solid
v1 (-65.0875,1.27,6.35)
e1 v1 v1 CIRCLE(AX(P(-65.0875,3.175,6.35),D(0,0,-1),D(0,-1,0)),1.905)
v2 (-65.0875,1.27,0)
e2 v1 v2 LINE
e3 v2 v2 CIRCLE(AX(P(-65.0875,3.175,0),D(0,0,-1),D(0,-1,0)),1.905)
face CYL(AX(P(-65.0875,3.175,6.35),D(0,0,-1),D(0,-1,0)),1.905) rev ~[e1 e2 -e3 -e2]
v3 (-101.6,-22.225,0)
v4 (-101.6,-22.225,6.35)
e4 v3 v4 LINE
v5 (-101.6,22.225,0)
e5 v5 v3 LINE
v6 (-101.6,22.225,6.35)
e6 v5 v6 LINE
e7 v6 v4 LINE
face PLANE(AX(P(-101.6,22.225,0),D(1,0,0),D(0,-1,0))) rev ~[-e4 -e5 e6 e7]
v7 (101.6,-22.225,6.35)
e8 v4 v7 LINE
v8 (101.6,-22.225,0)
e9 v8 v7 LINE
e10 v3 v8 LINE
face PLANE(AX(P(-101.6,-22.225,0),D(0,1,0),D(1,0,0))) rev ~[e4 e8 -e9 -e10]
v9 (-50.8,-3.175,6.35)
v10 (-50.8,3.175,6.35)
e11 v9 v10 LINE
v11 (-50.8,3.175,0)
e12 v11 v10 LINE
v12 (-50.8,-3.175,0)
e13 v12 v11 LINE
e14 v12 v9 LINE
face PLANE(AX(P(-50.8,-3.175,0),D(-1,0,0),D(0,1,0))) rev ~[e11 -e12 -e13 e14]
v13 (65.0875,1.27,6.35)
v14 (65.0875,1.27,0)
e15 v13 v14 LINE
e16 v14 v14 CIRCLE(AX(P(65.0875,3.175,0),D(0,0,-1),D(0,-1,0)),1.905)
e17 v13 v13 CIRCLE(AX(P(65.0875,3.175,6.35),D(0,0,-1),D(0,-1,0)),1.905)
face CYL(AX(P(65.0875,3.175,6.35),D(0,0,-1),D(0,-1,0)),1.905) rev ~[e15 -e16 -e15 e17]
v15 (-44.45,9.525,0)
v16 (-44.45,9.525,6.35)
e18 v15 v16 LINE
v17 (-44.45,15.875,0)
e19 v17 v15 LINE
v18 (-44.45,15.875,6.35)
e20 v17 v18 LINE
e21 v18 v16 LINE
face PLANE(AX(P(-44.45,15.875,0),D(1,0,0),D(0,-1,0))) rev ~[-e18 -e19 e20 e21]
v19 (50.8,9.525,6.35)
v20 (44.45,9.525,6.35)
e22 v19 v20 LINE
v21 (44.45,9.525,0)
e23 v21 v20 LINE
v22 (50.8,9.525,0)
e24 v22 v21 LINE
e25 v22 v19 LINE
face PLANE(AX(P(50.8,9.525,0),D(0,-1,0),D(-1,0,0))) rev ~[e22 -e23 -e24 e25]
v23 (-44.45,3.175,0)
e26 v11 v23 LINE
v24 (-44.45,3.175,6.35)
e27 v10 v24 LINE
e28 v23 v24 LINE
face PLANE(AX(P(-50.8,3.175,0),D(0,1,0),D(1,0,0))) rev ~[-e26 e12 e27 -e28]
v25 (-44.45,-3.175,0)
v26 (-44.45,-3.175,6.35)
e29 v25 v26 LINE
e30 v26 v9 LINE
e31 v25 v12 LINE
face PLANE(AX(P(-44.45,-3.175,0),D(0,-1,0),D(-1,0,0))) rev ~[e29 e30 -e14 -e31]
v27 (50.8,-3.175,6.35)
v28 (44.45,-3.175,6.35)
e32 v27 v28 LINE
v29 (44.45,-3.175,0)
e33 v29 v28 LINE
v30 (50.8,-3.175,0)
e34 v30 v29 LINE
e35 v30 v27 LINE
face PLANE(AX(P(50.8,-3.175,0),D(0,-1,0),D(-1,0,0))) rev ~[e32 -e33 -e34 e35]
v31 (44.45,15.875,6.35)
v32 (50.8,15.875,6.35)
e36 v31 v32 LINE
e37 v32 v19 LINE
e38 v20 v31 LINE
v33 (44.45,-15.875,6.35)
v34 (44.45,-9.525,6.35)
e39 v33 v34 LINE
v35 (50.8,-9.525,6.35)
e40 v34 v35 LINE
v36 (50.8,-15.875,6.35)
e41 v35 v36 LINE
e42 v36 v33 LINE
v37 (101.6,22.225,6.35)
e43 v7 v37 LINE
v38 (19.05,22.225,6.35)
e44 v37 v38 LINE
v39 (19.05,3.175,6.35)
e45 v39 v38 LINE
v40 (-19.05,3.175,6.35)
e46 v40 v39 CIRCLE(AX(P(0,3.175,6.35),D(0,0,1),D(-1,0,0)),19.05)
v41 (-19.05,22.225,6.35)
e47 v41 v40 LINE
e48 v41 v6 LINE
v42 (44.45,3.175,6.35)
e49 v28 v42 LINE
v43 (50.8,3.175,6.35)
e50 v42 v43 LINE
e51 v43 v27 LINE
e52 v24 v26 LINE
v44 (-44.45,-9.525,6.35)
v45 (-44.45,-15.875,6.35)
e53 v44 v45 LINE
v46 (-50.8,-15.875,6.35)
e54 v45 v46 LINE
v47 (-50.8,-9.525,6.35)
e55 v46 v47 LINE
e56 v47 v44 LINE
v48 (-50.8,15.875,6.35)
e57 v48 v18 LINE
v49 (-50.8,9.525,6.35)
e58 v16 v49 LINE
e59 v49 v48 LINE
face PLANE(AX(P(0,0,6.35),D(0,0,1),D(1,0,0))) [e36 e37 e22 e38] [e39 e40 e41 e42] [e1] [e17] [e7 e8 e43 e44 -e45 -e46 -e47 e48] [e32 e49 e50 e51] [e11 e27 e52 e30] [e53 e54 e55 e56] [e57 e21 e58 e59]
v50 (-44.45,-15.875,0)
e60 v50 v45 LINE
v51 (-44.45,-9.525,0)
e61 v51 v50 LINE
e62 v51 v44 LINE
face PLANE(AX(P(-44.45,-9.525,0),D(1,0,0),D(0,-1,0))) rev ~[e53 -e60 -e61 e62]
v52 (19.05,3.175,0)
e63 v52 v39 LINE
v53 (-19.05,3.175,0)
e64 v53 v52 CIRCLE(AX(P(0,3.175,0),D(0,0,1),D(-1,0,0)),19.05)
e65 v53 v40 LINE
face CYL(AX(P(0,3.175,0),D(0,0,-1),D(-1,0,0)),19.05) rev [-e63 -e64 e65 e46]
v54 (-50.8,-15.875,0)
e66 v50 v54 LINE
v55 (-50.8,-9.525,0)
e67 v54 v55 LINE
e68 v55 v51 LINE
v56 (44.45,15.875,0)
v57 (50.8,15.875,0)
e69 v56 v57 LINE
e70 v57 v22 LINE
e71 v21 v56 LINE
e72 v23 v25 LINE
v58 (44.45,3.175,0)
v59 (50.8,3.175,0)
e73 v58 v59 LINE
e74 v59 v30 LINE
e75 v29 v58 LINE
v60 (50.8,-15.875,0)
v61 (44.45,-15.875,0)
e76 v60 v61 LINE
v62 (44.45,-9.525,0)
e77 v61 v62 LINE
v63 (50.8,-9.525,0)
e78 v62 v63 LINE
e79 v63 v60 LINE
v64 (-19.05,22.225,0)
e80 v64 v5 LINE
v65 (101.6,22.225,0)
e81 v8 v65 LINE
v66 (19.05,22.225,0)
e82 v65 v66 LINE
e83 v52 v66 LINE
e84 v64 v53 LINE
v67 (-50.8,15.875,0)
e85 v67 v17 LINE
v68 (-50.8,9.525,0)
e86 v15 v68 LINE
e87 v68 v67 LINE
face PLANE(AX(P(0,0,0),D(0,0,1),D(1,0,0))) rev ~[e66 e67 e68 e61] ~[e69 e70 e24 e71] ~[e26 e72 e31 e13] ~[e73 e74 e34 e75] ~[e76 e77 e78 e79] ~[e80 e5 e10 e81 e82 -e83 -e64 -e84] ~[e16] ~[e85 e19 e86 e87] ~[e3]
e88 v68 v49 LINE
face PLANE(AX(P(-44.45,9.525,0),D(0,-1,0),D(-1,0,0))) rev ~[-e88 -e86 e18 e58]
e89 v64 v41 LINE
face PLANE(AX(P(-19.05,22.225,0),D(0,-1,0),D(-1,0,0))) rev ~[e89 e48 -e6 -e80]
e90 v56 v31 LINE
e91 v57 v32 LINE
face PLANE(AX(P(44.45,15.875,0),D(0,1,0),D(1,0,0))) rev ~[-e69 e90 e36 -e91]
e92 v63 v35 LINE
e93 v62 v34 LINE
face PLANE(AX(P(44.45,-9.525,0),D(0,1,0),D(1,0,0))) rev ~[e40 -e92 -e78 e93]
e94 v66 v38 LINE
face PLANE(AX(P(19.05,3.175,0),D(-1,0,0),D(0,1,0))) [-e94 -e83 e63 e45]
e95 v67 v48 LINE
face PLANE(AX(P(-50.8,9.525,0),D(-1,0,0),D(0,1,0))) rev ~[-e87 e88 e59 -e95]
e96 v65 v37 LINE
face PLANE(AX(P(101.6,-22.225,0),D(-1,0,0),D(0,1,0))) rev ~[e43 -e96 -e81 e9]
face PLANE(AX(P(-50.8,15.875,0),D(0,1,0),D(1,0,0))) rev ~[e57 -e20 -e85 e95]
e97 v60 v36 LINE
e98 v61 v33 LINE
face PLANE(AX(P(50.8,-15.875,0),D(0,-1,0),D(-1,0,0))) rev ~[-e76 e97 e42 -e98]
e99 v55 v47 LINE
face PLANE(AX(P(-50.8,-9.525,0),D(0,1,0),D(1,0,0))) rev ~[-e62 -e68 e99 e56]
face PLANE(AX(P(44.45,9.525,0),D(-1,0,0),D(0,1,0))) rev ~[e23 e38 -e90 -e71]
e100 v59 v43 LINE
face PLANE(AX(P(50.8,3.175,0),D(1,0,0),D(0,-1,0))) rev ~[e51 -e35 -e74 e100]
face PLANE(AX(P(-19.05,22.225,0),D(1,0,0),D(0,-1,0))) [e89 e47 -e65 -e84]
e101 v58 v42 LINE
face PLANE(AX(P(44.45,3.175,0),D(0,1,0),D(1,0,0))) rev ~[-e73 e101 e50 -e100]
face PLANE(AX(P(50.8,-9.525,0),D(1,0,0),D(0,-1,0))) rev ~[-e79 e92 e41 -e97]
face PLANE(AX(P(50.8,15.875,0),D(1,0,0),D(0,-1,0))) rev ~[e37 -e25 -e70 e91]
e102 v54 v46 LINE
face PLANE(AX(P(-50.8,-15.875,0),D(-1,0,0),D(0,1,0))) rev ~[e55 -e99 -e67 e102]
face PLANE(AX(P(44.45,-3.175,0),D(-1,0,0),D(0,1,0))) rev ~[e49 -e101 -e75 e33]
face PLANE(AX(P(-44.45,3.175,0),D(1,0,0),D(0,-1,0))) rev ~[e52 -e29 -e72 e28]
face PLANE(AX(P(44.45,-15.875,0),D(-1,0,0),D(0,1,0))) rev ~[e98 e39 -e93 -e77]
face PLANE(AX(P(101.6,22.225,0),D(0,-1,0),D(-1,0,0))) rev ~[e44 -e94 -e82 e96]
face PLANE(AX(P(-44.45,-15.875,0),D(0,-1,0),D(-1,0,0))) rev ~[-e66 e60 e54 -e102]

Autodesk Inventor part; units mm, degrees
ref_plane "YZ Plane" through (0, 0, 0) normal (1, 0, 0) x (0, 1, 0)
ref_plane "XZ Plane" through (0, 0, 0) normal (0, 1, 0) x (-1, 0, 0)
ref_plane "XY Plane" through (0, 0, 0) normal (0, 0, 1) x (1, 0, 0)
sketch "Sketch1" plane through (0, 0, 0) normal (0, 0, 1) x (1, 0, 0)
  line L0 (-101.6, -22.225) -> (101.6, -22.225)
  line L1 (101.6, -22.225) -> (101.6, 22.225)
  line L2 (101.6, 22.225) -> (-101.6, 22.225)
  line L3 (-101.6, 22.225) -> (-101.6, -22.225)
  line L4 (-19.05, 22.225) -> (-19.05, 3.175)
  arc A0 (-19.05, 3.175) -> (19.05, 3.175) centre (0, 3.175) ccw
  line L5 (19.05, 3.175) -> (19.05, 22.225)
  line L6 (-50.8, 15.875) -> (-44.45, 15.875)
  line L7 (-44.45, 15.875) -> (-44.45, 9.525)
  line L8 (-44.45, 9.525) -> (-50.8, 9.525)
  line L9 (-50.8, 9.525) -> (-50.8, 15.875)
  line L10 (44.45, 15.875) -> (50.8, 15.875)
  line L11 (50.8, 15.875) -> (50.8, 9.525)
  line L12 (50.8, 9.525) -> (44.45, 9.525)
  line L13 (44.45, 9.525) -> (44.45, 15.875)
  line L14 (-50.8, 3.175) -> (-44.45, 3.175)
  line L15 (-44.45, 3.175) -> (-44.45, -3.175)
  line L16 (-44.45, -3.175) -> (-50.8, -3.175)
  line L17 (-50.8, -3.175) -> (-50.8, 3.175)
  line L18 (44.45, 3.175) -> (50.8, 3.175)
  line L19 (50.8, 3.175) -> (50.8, -3.175)
  line L20 (50.8, -3.175) -> (44.45, -3.175)
  line L21 (44.45, -3.175) -> (44.45, 3.175)
  line L22 (-50.8, -9.525) -> (-44.45, -9.525)
  line L23 (-44.45, -9.525) -> (-44.45, -15.875)
  line L24 (-44.45, -15.875) -> (-50.8, -15.875)
  line L25 (-50.8, -15.875) -> (-50.8, -9.525)
  line L26 (44.45, -9.525) -> (50.8, -9.525)
  line L27 (50.8, -9.525) -> (50.8, -15.875)
  line L28 (50.8, -15.875) -> (44.45, -15.875)
  line L29 (44.45, -15.875) -> (44.45, -9.525)
  point P0 (0, 0)
  point P1 (-101.6, 0)
  point P2 (0, 22.225)
  dimension "d0" = 203.2
  dimension "d1" = 44.45
  dimension "d2" = 6.35
  dimension "d3" = 44.45
  dimension "d4" = 6.35
  dimension "d7" = 95.25
  dimension "d10" = 12.7
  dimension "d13" = 19.05
  dimension "d14" = 19.05
extrude "Extrusion1" add sketch "Sketch1" along normal blind 6.35 contours L3 L2 L4 A0 L5 L1 L0
sketch "Sketch2" plane through (0, 0, 6.35) normal (0, 0, 1) x (1, 0, 0)
  line L0 (101.6, -22.225) -> (-101.6, -22.225) projected
  point P0 (0, 0)
  point P1 (-65.0875, 3.175)
  point P2 (65.0875, 3.175)
  dimension "d18" = 65.0875
  dimension "d26" = 130.175
  dimension "d27" = 25.4
hole "Hole1" at (-65.0875, 3.175, 6.35) at (65.0875, 3.175, 6.35) direction (0, 0, -1) diameter 3.81 end through all clearance for "Flat Head Machine Screw (82)" size "#6" standard "Ansi Unified Screw Threads"
equation "\"d18\" = 0.5 * d26"
properties part number "acrylic kinect bracket - kinect plate"
